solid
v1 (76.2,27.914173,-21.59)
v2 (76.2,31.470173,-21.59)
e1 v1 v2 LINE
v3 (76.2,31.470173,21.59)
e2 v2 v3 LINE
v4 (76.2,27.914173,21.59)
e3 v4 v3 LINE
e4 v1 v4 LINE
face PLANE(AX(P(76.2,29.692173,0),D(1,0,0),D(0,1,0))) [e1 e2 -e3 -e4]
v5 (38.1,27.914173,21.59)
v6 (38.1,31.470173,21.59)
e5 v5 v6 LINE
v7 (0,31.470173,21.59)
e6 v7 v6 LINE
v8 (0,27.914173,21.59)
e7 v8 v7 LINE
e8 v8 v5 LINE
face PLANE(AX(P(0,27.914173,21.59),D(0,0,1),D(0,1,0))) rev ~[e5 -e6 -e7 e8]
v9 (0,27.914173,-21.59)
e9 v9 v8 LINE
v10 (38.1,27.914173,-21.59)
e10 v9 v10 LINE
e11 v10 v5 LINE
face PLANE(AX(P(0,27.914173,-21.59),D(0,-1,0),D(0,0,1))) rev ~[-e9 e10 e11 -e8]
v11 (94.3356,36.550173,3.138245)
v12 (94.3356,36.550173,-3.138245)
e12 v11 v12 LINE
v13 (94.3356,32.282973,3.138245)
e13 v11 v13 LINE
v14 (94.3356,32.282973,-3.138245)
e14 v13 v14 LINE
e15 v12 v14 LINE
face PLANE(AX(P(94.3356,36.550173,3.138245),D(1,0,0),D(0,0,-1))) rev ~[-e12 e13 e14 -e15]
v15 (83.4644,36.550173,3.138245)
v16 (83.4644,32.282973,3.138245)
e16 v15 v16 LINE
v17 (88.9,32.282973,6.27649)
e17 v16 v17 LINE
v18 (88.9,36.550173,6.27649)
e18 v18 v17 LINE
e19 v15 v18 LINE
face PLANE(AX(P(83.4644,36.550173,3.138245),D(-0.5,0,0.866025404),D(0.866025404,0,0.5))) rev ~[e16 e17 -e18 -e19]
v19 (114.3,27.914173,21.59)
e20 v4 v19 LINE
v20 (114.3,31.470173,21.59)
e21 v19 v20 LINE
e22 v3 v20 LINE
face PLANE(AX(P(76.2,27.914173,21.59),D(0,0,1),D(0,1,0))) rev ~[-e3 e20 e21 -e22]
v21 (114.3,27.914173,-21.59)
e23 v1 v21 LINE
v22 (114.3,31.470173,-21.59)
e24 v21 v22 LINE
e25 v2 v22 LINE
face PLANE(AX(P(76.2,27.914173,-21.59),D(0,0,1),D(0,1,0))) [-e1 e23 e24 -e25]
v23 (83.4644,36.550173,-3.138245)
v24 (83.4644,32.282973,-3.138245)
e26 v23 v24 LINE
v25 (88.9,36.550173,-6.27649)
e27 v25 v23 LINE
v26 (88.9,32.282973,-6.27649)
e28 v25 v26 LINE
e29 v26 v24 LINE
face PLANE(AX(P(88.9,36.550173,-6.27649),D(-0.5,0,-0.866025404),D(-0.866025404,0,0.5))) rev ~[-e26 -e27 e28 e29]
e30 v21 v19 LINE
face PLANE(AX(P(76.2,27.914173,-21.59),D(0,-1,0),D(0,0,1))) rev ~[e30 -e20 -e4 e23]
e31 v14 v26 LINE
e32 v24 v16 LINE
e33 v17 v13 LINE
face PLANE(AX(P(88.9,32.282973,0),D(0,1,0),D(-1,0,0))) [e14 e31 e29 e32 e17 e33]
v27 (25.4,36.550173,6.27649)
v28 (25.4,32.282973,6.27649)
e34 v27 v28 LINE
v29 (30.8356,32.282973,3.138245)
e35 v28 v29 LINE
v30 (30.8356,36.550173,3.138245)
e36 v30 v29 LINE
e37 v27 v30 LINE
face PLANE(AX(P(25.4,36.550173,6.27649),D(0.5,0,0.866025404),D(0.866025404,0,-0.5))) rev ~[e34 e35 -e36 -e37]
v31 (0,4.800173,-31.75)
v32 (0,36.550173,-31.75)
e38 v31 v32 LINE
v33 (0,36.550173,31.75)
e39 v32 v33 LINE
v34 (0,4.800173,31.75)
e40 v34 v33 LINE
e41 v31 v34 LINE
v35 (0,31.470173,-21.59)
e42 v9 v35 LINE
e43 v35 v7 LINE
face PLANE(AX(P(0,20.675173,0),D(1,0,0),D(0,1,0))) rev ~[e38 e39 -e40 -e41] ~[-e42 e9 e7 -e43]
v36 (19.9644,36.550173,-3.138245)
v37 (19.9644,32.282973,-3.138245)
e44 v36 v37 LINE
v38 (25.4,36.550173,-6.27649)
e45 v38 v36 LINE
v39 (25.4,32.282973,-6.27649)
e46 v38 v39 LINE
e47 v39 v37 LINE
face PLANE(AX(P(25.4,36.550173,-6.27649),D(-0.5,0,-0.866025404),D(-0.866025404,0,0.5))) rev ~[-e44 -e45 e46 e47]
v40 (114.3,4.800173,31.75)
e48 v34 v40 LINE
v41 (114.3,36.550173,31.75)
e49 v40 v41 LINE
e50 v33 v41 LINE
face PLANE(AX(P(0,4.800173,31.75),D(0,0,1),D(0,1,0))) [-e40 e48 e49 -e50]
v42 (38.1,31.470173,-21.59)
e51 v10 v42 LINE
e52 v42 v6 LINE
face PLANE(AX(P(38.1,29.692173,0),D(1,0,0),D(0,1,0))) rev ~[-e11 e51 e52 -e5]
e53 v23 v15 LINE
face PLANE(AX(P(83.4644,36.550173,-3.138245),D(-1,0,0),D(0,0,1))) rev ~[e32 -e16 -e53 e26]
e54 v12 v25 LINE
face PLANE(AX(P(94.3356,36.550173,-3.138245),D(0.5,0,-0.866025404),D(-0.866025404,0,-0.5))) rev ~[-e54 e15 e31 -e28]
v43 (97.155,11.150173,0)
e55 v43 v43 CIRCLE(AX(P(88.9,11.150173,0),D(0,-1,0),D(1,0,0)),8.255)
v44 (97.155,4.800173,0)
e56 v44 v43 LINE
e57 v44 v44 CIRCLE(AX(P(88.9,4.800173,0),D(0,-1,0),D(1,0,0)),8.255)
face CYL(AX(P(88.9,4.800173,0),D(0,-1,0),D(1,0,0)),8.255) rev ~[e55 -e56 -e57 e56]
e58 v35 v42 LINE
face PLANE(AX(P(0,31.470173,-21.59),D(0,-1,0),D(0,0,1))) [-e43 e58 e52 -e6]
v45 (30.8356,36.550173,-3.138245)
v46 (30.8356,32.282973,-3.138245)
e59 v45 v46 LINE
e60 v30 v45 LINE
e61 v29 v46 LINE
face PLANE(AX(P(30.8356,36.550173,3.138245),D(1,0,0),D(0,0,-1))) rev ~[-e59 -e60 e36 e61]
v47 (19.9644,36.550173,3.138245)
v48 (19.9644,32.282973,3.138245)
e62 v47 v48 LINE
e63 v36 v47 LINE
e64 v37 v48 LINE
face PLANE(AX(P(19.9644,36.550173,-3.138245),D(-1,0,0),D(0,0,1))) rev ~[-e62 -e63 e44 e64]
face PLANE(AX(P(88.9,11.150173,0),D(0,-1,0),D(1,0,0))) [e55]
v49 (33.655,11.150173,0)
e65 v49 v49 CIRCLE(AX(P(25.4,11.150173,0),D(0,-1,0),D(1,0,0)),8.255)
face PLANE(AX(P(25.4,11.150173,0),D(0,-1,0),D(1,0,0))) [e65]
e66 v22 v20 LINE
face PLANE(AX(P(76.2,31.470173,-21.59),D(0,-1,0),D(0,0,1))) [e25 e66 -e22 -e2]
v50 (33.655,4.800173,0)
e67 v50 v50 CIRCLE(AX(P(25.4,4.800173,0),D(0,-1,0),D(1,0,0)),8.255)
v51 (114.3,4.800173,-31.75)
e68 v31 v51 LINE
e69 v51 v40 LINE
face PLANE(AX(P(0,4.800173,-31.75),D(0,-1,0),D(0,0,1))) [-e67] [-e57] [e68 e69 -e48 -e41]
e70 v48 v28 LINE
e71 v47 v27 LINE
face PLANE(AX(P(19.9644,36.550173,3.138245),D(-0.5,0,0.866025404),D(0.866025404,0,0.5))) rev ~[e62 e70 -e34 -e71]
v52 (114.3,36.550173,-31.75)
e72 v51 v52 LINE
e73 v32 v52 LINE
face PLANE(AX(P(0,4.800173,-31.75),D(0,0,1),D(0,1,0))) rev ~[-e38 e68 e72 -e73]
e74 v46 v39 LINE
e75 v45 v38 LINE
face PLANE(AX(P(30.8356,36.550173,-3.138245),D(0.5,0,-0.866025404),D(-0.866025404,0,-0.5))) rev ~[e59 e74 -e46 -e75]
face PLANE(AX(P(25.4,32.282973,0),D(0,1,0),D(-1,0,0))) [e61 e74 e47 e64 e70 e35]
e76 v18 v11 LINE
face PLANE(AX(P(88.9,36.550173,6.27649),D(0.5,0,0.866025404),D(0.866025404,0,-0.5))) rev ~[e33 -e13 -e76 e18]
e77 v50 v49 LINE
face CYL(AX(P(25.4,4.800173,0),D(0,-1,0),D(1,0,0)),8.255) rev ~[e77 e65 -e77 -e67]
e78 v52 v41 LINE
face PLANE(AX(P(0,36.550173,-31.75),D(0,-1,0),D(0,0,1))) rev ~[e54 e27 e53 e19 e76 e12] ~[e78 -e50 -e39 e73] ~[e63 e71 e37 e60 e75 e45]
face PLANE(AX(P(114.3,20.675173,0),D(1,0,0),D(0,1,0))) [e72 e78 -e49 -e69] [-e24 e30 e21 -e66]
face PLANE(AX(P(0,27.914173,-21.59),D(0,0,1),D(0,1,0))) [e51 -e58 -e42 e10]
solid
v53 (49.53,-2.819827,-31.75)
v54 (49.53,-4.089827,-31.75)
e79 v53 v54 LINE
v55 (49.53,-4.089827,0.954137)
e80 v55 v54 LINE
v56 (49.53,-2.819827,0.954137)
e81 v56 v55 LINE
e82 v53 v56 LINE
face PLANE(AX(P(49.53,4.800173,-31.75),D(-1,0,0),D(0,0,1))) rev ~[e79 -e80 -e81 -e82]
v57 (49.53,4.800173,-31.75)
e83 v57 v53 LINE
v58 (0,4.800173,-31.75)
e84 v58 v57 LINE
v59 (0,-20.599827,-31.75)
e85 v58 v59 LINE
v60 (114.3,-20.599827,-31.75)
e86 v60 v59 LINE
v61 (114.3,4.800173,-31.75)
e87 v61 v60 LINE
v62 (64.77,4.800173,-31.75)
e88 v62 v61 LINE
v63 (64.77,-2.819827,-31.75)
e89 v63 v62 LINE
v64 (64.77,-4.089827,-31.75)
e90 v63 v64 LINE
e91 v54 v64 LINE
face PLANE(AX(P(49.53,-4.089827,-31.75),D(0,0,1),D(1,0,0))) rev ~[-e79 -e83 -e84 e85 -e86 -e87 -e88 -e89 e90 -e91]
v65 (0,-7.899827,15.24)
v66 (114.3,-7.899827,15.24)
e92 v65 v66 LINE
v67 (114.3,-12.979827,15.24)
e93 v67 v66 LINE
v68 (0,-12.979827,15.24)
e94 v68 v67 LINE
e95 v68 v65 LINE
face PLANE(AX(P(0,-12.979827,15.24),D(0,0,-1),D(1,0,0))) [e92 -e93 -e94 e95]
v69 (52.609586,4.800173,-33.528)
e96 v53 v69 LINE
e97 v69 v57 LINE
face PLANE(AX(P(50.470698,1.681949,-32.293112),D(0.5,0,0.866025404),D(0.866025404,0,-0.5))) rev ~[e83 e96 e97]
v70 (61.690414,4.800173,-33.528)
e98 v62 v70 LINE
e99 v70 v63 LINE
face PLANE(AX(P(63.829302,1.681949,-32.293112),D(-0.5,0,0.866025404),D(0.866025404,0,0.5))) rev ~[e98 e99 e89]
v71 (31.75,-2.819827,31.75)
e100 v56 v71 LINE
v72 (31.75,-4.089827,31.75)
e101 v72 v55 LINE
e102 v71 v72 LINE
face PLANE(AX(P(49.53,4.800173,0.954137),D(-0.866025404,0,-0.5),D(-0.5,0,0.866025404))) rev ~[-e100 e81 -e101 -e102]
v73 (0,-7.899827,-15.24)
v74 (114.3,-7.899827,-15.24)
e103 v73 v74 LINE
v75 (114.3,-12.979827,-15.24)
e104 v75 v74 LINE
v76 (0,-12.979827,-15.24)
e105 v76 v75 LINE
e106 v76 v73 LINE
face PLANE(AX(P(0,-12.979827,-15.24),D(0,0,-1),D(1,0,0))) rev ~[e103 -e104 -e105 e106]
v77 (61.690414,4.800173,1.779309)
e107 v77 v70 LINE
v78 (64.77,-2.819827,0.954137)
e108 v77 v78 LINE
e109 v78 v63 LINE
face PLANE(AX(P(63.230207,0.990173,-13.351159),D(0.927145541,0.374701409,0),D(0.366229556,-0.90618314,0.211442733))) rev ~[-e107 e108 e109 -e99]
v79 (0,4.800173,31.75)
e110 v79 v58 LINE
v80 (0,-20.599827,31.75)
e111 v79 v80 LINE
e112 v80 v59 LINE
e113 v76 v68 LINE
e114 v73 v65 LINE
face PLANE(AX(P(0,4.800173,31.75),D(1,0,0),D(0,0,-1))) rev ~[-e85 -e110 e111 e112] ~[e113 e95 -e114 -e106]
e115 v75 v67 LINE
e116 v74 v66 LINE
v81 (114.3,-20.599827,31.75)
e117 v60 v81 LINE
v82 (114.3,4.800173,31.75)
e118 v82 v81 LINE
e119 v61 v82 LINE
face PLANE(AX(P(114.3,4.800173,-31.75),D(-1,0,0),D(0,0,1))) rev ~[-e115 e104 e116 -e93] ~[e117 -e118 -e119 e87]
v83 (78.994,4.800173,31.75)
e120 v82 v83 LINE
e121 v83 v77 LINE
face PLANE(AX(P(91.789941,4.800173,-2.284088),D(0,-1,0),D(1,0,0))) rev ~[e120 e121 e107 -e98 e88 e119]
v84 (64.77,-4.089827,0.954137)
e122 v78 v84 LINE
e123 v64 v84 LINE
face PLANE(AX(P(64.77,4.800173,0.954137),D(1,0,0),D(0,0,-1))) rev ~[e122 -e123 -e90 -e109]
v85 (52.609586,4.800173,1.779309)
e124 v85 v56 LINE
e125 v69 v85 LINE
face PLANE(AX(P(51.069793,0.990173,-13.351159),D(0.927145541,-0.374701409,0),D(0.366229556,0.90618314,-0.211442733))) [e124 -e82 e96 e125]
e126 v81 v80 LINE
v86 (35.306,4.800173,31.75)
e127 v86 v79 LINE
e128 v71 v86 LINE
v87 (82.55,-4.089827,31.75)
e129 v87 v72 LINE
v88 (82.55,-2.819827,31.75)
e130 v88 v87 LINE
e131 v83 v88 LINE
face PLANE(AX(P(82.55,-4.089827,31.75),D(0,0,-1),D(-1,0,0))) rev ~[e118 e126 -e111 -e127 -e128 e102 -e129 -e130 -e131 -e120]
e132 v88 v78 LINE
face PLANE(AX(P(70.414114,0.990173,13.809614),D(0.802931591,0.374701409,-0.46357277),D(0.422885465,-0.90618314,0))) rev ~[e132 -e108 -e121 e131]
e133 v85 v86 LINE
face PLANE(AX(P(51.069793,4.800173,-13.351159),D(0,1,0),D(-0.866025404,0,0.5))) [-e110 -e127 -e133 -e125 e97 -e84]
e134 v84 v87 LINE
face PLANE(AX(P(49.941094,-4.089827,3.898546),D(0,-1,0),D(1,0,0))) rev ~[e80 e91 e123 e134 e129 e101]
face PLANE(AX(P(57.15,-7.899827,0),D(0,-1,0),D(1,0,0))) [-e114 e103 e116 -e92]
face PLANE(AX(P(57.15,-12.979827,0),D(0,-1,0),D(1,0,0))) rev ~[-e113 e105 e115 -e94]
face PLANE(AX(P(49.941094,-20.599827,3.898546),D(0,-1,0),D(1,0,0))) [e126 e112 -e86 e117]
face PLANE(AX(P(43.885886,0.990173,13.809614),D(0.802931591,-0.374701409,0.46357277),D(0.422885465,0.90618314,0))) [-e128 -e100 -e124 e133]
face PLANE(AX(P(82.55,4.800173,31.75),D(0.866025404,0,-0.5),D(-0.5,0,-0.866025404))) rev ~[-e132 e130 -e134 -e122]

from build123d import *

# Parameters (mm, degrees)
F0_W      = 31.75
F0_H      = 63.5
F1_DEPTH  = 114.3
F2_DEPTH  = 114.3
F5_W      = 3.556
F5_H      = 43.18
F6_DEPTH  = 38.1
F7_START  = 76.2
F7_DEPTH  = 38.1
F11_R     = 8.255
F12_R     = 8.255
F13_DEPTH = 6.35
F15_DEPTH = 4.2672
F16_DEPTH = 25.4
F17_START = 8.89
F17_DEPTH = 16.51
F20_START = -7.62
F19_W     = 114.3
F19_H     = 30.48
F20_DEPTH = 5.08


with BuildPart() as f1:
    # F0 (on Right) → F1 (new body)
    with BuildSketch(Plane.YZ):
        with Locations((20.6751725854, 0)):
            Rectangle(F0_W, F0_H)
    extrude(amount=F1_DEPTH)

    # F5 (on face) → F6 (cut)
    with BuildSketch(Plane.YZ):
        with Locations((29.6921725854, 0)):
            Rectangle(F5_W, F5_H)
    extrude(amount=F6_DEPTH, mode=Mode.SUBTRACT)

    # F5 (on face) → F7 (cut)
    with BuildSketch(Plane.YZ.offset(F7_START)):
        with Locations((29.6921725854, 0)):
            Rectangle(F5_W, F5_H)
    extrude(amount=F7_DEPTH, mode=Mode.SUBTRACT)

    # F11 (on face) + F12 (on face) → F13 (cut)
    with BuildSketch(Plane.XZ.offset(-4.8001725854)):
        with Locations((25.4, 0)):
            Circle(F11_R)
    with BuildSketch(Plane.XZ.offset(-4.8001725854)):
        with Locations((88.9, 0)):
            Circle(F12_R)
    extrude(amount=-F13_DEPTH, mode=Mode.SUBTRACT)

    # F14 (on face) → F15 (cut)
    with BuildSketch(Plane(origin=(0, 36.5501725854, 0), x_dir=(-1, 0, 0), z_dir=(0, 1, 0))):
        Polygon((-83.4644, -3.1382451232), (-83.4644, 3.1382451232), (-88.9, 6.2764902464), (-94.3356, 3.1382451232), (-94.3356, -3.1382451232), (-88.9, -6.2764902464), align=None)
        Polygon((-30.8356, 3.1382451232), (-30.8356, -3.1382451232), (-25.4, -6.2764902464), (-19.9644, -3.1382451232), (-19.9644, 3.1382451232), (-25.4, 6.2764902464), align=None)
    extrude(amount=-F15_DEPTH, mode=Mode.SUBTRACT)


with BuildPart() as f2:
    # F0 (on Right) → F2 (new body)
    with BuildSketch(Plane.YZ):
        Polygon((-26.9498274146, -19.685), (-26.9498274146, -31.75), (4.8001725854, -31.75), (4.8001725854, 31.75), (-26.9498274146, 31.75), (-26.9498274146, 19.685), (-23.3938274146, 19.685), (-7.8998274146, 8.89), (-7.8998274146, -8.89), (-23.3938274146, -19.685), align=None)
        Polygon((-26.9498274146, 19.685), (-26.9498274146, -19.685), (-23.3938274146, -19.685), (-7.8998274146, -8.89), (-7.8998274146, 8.89), (-23.3938274146, 19.685), align=None)
    extrude(amount=F2_DEPTH)


with BuildPart() as f9:
    # F9: sweep along a path in F4
    with BuildLine(Plane.XZ.offset(-4.8001725854)) as f9_path:
        Line((49.53, -31.75), (49.53, 0.9541366414))
        Line((49.53, 0.9541366414), (31.75, 31.75))
    # F8 (on face) → F9 (sweep)
    with BuildSketch(Plane.XY.offset(31.75)):
        Polygon((35.306, 4.8001725854), (31.75, 4.8001725854), (31.75, -2.8198274146), align=None)
    sweep(path=f9_path.line, transition=Transition.RIGHT)


with BuildPart() as f10:
    # F10: sweep along a path in F4
    with BuildLine(Plane.XZ.offset(-4.8001725854)) as f10_path:
        Line((82.55, 31.75), (64.77, 0.9541366414))
        Line((64.77, 0.9541366414), (64.77, -31.75))
    # F8 (on face) → F10 (sweep)
    with BuildSketch(Plane.XY.offset(31.75)):
        Polygon((82.55, -2.8198274146), (82.55, 4.8001725854), (78.994, 4.8001725854), align=None)
    sweep(path=f10_path.line, transition=Transition.RIGHT)


with BuildPart() as f16:
    # F4 (on face) → F16 (new body)
    with BuildSketch(Plane.XZ.offset(-4.8001725854)):
        Polygon((49.53, 0.9541366414), (31.75, 31.75), (0, 31.75), (0, -31.75), (49.53, -31.75), align=None)
    extrude(amount=F16_DEPTH)


with BuildPart() as f16b:
    # F4 (on face) → F16, piece 2 (new body)
    with BuildSketch(Plane.XZ.offset(-4.8001725854)):
        Polygon((114.3, 31.75), (82.55, 31.75), (64.77, 0.9541366414), (64.77, -31.75), (114.3, -31.75), align=None)
    extrude(amount=F16_DEPTH)


with BuildPart() as f17:
    # F4 (on face) → F17 (new body)
    with BuildSketch(Plane.XZ.offset(-4.8001725854).offset(F17_START)):
        Polygon((57.15, -31.75), (57.15, 31.75), (31.75, 31.75), (49.53, 0.9541366414), (49.53, -31.75), align=None)
        Polygon((82.55, 31.75), (57.15, 31.75), (57.15, -31.75), (64.77, -31.75), (64.77, 0.9541366414), align=None)
    extrude(amount=F17_DEPTH)


with BuildPart() as f9_1:
    add(f9.part)

    # F18: union F10, F16, F16b, F17
    add(f10.part)
    add(f16.part)
    add(f16b.part)
    add(f17.part)

    # F19 (on face) → F20 (cut)
    with BuildSketch(Plane.XZ.offset(20.5998274146).offset(F20_START)):
        with Locations((57.15, 0)):
            Rectangle(F19_W, F19_H)
    extrude(amount=-F20_DEPTH, mode=Mode.SUBTRACT)


solid = Compound([f1.part, f9_1.part])
